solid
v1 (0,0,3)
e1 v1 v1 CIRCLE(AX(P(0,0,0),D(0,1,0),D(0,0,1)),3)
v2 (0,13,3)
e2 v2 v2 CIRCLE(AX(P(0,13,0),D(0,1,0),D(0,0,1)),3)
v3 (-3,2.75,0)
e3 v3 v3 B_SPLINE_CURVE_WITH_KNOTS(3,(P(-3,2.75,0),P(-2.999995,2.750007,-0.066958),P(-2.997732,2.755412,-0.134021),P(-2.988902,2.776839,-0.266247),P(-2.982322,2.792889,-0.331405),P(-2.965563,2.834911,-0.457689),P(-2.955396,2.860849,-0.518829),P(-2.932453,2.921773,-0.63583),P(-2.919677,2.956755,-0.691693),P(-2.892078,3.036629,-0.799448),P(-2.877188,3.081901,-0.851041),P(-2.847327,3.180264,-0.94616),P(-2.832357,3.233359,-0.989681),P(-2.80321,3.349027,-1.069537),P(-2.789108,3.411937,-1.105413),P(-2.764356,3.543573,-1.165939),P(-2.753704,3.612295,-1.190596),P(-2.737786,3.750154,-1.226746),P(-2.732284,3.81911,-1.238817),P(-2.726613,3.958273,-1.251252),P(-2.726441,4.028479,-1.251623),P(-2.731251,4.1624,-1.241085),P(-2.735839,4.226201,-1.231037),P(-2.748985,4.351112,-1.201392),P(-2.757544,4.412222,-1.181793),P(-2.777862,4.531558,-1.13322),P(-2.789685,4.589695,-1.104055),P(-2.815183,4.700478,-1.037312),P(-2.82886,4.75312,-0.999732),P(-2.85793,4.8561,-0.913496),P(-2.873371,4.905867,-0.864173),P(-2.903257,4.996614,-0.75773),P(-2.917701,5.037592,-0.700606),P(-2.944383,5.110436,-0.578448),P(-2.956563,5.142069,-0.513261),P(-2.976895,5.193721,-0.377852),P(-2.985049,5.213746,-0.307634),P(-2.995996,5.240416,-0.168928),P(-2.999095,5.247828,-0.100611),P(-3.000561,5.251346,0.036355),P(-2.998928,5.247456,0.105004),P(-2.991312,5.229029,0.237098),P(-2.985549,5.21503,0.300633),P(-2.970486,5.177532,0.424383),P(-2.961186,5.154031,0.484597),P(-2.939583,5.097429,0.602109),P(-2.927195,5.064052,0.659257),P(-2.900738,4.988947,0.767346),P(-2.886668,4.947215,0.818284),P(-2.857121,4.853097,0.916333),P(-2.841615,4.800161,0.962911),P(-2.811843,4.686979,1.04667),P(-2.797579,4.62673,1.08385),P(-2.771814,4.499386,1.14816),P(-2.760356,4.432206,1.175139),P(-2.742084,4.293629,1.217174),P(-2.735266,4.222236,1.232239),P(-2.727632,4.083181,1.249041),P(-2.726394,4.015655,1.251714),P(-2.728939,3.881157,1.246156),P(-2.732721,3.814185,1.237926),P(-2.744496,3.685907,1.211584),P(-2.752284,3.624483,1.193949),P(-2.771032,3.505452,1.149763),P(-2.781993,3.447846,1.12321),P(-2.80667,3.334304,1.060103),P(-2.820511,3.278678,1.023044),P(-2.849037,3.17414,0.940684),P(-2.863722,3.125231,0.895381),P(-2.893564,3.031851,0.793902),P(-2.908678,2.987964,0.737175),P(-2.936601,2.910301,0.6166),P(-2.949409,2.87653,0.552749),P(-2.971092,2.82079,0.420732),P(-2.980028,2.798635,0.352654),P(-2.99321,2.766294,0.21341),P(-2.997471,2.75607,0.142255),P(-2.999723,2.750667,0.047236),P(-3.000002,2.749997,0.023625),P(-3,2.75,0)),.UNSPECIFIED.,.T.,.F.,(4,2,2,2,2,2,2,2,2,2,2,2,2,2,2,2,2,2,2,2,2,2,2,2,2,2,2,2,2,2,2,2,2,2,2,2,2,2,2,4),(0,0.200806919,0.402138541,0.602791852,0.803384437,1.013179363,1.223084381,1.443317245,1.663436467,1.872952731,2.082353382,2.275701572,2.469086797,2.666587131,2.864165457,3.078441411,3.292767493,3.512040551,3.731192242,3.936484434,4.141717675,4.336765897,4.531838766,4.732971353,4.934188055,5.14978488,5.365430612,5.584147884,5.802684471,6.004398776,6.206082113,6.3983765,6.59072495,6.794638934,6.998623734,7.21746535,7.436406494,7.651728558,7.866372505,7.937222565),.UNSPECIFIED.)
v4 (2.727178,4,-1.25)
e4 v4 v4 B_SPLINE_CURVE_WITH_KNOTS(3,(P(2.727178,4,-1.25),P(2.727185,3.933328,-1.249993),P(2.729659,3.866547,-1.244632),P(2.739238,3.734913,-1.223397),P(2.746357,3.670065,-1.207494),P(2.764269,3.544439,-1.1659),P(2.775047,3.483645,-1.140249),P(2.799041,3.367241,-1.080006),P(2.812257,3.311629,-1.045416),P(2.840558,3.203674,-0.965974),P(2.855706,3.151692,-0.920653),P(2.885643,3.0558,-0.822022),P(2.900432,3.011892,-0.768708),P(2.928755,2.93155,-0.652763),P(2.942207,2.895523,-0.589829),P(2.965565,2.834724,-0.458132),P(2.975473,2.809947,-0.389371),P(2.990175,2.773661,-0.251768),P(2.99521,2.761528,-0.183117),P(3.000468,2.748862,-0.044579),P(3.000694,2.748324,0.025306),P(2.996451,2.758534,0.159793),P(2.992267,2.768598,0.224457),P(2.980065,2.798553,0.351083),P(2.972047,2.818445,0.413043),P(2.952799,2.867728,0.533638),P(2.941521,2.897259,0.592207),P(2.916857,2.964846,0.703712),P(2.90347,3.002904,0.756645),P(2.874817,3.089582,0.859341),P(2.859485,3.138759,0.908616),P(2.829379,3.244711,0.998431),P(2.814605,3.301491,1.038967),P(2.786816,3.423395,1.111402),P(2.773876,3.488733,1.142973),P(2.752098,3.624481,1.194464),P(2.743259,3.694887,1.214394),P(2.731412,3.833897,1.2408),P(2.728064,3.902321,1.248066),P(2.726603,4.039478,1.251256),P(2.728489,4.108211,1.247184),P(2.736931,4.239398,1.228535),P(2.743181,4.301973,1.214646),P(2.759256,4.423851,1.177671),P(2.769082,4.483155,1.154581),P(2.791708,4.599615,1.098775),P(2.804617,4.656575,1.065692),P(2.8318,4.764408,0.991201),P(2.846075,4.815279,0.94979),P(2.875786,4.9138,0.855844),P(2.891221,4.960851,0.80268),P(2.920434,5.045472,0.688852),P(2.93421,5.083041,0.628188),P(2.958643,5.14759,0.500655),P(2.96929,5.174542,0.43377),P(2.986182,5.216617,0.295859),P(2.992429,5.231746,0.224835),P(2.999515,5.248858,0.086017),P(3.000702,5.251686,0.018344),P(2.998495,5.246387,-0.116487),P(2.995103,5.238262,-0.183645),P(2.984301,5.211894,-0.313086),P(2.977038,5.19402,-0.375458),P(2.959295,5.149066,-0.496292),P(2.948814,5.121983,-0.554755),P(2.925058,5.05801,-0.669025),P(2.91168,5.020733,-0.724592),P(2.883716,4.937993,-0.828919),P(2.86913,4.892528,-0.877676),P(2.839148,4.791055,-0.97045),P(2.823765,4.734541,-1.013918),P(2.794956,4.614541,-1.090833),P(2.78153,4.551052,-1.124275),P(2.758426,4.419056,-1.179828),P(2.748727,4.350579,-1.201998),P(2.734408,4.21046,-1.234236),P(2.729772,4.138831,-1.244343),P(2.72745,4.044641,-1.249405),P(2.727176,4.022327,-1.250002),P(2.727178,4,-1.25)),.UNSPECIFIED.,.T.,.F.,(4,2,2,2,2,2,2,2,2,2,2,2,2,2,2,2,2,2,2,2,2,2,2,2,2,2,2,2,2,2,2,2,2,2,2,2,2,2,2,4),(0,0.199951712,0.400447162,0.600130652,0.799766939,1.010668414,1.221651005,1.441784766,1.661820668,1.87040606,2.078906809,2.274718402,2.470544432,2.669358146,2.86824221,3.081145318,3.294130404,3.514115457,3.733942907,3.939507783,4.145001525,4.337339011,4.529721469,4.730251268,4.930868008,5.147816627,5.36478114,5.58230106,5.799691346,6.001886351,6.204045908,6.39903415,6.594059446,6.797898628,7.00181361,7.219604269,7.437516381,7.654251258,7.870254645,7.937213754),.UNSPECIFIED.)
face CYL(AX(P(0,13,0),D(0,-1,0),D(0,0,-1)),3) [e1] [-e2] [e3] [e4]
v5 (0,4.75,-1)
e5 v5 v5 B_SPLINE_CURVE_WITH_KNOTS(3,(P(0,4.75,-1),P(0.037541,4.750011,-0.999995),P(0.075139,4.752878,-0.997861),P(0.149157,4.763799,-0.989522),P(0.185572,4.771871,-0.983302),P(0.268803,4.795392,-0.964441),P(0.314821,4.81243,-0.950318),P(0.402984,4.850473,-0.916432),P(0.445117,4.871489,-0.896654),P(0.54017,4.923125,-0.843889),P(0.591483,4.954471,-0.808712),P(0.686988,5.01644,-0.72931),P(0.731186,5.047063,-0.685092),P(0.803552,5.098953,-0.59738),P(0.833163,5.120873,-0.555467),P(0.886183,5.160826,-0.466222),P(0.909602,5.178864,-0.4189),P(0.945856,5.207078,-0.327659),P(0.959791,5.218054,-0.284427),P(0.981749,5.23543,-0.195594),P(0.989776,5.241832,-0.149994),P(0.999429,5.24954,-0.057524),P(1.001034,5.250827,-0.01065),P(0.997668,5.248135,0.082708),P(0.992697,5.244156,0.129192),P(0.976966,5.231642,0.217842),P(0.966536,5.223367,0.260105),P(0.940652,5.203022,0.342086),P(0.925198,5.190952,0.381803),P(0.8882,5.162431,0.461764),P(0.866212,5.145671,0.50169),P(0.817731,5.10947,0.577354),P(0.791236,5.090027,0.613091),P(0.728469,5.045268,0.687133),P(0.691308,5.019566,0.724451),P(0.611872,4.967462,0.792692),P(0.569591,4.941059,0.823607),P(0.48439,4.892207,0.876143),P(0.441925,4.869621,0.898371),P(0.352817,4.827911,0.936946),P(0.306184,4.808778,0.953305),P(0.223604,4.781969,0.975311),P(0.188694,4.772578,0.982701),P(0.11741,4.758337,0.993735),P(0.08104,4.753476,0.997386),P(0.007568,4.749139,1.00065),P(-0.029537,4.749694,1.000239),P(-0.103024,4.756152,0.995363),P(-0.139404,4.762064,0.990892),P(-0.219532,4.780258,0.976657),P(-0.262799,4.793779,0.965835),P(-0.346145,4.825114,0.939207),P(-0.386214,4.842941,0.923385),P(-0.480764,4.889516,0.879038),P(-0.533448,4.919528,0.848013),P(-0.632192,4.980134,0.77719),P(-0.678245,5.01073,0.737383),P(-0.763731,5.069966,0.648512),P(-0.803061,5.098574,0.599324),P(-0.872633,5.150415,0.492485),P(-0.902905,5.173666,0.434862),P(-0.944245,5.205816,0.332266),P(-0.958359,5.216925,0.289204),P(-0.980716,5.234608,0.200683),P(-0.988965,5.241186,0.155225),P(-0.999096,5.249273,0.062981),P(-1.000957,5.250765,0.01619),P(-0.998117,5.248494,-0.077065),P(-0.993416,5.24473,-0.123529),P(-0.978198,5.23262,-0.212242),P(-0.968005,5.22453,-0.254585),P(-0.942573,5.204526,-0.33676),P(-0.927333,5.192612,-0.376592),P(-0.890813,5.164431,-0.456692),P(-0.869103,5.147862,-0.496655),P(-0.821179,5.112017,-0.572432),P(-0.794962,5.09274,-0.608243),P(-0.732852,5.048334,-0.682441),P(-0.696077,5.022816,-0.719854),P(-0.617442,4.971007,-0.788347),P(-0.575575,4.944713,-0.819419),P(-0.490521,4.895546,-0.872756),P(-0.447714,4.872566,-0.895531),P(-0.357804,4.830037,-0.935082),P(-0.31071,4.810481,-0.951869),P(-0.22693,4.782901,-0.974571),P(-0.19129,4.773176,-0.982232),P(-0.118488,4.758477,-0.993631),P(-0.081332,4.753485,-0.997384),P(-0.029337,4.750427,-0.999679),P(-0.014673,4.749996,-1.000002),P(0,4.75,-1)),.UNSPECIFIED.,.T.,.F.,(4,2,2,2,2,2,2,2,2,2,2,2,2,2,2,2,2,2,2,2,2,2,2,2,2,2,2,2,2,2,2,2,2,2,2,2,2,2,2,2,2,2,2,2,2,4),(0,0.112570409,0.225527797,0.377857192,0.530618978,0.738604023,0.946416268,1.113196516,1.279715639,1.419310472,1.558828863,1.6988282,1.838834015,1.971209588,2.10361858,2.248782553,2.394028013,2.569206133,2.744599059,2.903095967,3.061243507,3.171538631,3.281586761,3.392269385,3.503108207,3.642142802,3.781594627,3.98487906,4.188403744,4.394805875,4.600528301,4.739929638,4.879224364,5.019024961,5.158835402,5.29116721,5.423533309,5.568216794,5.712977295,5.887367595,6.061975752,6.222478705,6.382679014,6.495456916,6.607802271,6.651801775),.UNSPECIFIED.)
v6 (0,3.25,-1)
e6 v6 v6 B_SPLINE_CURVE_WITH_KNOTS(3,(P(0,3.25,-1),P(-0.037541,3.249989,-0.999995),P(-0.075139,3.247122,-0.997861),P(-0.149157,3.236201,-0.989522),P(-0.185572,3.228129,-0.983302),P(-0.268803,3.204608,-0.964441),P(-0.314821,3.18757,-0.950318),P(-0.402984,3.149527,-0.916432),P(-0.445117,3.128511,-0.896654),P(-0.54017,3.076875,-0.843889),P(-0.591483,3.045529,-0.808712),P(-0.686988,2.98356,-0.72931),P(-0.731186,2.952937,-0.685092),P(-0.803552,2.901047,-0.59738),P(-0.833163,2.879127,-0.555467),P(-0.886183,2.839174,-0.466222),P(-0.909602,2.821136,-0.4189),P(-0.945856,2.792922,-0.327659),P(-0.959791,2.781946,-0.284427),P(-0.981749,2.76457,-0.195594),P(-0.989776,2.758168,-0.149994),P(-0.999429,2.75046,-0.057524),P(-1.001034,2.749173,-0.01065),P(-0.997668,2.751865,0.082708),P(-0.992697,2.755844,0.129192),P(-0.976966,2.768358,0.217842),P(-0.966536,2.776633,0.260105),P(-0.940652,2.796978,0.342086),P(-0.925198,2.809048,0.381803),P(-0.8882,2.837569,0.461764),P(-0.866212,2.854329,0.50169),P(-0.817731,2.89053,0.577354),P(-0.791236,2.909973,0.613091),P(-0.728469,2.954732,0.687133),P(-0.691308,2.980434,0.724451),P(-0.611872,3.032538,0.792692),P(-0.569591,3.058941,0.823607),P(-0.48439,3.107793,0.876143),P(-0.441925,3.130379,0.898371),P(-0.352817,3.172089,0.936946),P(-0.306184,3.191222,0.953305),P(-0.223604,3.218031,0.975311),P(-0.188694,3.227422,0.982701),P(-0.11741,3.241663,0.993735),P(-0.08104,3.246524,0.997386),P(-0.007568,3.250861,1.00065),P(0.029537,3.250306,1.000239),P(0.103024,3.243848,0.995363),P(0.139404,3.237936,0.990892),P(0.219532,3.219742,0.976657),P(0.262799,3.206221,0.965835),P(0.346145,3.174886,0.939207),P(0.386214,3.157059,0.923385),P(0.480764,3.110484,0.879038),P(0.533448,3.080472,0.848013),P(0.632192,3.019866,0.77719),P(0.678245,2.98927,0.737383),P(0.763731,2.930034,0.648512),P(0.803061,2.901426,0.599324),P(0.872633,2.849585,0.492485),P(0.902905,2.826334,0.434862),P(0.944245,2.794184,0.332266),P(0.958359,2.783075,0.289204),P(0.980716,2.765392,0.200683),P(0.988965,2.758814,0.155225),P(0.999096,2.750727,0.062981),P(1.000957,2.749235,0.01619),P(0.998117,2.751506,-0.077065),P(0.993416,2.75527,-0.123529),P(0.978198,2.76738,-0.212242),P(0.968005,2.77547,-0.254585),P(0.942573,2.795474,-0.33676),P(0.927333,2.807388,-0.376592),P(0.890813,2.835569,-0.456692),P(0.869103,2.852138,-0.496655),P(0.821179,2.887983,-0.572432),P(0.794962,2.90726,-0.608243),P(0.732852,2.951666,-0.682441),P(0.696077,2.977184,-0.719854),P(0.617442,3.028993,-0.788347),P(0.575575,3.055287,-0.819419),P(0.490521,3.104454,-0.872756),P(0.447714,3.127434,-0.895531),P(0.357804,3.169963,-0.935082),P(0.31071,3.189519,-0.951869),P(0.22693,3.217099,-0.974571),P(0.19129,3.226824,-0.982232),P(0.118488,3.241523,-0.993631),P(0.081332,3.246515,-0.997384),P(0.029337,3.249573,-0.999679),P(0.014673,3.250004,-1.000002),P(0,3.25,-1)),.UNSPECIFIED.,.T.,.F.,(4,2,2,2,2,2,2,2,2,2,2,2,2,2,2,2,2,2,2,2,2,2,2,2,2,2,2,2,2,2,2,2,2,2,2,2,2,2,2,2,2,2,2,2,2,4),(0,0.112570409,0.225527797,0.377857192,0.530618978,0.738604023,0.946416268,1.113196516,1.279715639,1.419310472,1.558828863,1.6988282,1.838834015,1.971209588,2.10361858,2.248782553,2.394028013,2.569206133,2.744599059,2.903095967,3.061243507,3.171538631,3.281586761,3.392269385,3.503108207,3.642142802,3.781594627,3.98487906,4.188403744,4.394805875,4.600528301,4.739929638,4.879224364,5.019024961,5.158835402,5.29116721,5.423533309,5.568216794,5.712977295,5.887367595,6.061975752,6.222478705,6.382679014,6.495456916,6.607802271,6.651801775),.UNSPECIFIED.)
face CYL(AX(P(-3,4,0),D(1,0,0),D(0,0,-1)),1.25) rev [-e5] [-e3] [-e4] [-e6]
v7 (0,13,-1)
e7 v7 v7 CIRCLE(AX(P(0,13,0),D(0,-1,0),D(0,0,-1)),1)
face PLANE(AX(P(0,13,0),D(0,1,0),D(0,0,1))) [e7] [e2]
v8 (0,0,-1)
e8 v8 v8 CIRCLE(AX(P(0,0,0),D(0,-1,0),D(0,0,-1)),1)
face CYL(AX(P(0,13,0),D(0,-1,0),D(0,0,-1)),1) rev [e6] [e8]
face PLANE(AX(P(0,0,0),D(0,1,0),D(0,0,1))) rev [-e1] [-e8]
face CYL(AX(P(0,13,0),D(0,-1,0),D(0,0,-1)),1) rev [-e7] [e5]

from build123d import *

# Parameters (mm, degrees)
ESQUISSE1_R                  = 3
BOSS_EXTRU_1_DEPTH           = 13
ESQUISSE2_R                  = 1
ENL_V_MAT_EXTRU_1_DEPTH      = 14.674794331
ENL_V_MAT_EXTRU_3_DEPTH      = 14.674794331
ENL_V_MAT_EXTRU_3_DEPTH_BACK = 14.674794331
ESQUISSE4_R                  = 1.25


with BuildPart() as part:
    # Esquisse1 → Boss.-Extru.1 (new body)
    with BuildSketch(Plane(origin=(0, 0, 0), x_dir=(1, 0, 0), z_dir=(0, 1, 0))):
        with Locations(Location((0, 0, 0), (0, 0, 270))):
            Circle(ESQUISSE1_R)
    extrude(amount=BOSS_EXTRU_1_DEPTH)

    # Esquisse2 → Enlèv. mat.-Extru.1 (cut, through all)
    with BuildSketch(Plane.XZ):
        with Locations(Location((0, 0, 0), (0, 0, 270))):
            Circle(ESQUISSE2_R)
    extrude(amount=-ENL_V_MAT_EXTRU_1_DEPTH, mode=Mode.SUBTRACT)

    # Esquisse4 → Enlèv. mat.-Extru.3 (cut, two sides: drawn at the far end of the back side and taken through both)
    with BuildSketch(Plane(origin=(0, 0, 0), x_dir=(0, 0, -1), z_dir=(1, 0, 0)).offset(-ENL_V_MAT_EXTRU_3_DEPTH_BACK)):
        with Locations((0, 4)):
            Circle(ESQUISSE4_R)
    extrude(amount=ENL_V_MAT_EXTRU_3_DEPTH + ENL_V_MAT_EXTRU_3_DEPTH_BACK, mode=Mode.SUBTRACT)


solid = part.part
